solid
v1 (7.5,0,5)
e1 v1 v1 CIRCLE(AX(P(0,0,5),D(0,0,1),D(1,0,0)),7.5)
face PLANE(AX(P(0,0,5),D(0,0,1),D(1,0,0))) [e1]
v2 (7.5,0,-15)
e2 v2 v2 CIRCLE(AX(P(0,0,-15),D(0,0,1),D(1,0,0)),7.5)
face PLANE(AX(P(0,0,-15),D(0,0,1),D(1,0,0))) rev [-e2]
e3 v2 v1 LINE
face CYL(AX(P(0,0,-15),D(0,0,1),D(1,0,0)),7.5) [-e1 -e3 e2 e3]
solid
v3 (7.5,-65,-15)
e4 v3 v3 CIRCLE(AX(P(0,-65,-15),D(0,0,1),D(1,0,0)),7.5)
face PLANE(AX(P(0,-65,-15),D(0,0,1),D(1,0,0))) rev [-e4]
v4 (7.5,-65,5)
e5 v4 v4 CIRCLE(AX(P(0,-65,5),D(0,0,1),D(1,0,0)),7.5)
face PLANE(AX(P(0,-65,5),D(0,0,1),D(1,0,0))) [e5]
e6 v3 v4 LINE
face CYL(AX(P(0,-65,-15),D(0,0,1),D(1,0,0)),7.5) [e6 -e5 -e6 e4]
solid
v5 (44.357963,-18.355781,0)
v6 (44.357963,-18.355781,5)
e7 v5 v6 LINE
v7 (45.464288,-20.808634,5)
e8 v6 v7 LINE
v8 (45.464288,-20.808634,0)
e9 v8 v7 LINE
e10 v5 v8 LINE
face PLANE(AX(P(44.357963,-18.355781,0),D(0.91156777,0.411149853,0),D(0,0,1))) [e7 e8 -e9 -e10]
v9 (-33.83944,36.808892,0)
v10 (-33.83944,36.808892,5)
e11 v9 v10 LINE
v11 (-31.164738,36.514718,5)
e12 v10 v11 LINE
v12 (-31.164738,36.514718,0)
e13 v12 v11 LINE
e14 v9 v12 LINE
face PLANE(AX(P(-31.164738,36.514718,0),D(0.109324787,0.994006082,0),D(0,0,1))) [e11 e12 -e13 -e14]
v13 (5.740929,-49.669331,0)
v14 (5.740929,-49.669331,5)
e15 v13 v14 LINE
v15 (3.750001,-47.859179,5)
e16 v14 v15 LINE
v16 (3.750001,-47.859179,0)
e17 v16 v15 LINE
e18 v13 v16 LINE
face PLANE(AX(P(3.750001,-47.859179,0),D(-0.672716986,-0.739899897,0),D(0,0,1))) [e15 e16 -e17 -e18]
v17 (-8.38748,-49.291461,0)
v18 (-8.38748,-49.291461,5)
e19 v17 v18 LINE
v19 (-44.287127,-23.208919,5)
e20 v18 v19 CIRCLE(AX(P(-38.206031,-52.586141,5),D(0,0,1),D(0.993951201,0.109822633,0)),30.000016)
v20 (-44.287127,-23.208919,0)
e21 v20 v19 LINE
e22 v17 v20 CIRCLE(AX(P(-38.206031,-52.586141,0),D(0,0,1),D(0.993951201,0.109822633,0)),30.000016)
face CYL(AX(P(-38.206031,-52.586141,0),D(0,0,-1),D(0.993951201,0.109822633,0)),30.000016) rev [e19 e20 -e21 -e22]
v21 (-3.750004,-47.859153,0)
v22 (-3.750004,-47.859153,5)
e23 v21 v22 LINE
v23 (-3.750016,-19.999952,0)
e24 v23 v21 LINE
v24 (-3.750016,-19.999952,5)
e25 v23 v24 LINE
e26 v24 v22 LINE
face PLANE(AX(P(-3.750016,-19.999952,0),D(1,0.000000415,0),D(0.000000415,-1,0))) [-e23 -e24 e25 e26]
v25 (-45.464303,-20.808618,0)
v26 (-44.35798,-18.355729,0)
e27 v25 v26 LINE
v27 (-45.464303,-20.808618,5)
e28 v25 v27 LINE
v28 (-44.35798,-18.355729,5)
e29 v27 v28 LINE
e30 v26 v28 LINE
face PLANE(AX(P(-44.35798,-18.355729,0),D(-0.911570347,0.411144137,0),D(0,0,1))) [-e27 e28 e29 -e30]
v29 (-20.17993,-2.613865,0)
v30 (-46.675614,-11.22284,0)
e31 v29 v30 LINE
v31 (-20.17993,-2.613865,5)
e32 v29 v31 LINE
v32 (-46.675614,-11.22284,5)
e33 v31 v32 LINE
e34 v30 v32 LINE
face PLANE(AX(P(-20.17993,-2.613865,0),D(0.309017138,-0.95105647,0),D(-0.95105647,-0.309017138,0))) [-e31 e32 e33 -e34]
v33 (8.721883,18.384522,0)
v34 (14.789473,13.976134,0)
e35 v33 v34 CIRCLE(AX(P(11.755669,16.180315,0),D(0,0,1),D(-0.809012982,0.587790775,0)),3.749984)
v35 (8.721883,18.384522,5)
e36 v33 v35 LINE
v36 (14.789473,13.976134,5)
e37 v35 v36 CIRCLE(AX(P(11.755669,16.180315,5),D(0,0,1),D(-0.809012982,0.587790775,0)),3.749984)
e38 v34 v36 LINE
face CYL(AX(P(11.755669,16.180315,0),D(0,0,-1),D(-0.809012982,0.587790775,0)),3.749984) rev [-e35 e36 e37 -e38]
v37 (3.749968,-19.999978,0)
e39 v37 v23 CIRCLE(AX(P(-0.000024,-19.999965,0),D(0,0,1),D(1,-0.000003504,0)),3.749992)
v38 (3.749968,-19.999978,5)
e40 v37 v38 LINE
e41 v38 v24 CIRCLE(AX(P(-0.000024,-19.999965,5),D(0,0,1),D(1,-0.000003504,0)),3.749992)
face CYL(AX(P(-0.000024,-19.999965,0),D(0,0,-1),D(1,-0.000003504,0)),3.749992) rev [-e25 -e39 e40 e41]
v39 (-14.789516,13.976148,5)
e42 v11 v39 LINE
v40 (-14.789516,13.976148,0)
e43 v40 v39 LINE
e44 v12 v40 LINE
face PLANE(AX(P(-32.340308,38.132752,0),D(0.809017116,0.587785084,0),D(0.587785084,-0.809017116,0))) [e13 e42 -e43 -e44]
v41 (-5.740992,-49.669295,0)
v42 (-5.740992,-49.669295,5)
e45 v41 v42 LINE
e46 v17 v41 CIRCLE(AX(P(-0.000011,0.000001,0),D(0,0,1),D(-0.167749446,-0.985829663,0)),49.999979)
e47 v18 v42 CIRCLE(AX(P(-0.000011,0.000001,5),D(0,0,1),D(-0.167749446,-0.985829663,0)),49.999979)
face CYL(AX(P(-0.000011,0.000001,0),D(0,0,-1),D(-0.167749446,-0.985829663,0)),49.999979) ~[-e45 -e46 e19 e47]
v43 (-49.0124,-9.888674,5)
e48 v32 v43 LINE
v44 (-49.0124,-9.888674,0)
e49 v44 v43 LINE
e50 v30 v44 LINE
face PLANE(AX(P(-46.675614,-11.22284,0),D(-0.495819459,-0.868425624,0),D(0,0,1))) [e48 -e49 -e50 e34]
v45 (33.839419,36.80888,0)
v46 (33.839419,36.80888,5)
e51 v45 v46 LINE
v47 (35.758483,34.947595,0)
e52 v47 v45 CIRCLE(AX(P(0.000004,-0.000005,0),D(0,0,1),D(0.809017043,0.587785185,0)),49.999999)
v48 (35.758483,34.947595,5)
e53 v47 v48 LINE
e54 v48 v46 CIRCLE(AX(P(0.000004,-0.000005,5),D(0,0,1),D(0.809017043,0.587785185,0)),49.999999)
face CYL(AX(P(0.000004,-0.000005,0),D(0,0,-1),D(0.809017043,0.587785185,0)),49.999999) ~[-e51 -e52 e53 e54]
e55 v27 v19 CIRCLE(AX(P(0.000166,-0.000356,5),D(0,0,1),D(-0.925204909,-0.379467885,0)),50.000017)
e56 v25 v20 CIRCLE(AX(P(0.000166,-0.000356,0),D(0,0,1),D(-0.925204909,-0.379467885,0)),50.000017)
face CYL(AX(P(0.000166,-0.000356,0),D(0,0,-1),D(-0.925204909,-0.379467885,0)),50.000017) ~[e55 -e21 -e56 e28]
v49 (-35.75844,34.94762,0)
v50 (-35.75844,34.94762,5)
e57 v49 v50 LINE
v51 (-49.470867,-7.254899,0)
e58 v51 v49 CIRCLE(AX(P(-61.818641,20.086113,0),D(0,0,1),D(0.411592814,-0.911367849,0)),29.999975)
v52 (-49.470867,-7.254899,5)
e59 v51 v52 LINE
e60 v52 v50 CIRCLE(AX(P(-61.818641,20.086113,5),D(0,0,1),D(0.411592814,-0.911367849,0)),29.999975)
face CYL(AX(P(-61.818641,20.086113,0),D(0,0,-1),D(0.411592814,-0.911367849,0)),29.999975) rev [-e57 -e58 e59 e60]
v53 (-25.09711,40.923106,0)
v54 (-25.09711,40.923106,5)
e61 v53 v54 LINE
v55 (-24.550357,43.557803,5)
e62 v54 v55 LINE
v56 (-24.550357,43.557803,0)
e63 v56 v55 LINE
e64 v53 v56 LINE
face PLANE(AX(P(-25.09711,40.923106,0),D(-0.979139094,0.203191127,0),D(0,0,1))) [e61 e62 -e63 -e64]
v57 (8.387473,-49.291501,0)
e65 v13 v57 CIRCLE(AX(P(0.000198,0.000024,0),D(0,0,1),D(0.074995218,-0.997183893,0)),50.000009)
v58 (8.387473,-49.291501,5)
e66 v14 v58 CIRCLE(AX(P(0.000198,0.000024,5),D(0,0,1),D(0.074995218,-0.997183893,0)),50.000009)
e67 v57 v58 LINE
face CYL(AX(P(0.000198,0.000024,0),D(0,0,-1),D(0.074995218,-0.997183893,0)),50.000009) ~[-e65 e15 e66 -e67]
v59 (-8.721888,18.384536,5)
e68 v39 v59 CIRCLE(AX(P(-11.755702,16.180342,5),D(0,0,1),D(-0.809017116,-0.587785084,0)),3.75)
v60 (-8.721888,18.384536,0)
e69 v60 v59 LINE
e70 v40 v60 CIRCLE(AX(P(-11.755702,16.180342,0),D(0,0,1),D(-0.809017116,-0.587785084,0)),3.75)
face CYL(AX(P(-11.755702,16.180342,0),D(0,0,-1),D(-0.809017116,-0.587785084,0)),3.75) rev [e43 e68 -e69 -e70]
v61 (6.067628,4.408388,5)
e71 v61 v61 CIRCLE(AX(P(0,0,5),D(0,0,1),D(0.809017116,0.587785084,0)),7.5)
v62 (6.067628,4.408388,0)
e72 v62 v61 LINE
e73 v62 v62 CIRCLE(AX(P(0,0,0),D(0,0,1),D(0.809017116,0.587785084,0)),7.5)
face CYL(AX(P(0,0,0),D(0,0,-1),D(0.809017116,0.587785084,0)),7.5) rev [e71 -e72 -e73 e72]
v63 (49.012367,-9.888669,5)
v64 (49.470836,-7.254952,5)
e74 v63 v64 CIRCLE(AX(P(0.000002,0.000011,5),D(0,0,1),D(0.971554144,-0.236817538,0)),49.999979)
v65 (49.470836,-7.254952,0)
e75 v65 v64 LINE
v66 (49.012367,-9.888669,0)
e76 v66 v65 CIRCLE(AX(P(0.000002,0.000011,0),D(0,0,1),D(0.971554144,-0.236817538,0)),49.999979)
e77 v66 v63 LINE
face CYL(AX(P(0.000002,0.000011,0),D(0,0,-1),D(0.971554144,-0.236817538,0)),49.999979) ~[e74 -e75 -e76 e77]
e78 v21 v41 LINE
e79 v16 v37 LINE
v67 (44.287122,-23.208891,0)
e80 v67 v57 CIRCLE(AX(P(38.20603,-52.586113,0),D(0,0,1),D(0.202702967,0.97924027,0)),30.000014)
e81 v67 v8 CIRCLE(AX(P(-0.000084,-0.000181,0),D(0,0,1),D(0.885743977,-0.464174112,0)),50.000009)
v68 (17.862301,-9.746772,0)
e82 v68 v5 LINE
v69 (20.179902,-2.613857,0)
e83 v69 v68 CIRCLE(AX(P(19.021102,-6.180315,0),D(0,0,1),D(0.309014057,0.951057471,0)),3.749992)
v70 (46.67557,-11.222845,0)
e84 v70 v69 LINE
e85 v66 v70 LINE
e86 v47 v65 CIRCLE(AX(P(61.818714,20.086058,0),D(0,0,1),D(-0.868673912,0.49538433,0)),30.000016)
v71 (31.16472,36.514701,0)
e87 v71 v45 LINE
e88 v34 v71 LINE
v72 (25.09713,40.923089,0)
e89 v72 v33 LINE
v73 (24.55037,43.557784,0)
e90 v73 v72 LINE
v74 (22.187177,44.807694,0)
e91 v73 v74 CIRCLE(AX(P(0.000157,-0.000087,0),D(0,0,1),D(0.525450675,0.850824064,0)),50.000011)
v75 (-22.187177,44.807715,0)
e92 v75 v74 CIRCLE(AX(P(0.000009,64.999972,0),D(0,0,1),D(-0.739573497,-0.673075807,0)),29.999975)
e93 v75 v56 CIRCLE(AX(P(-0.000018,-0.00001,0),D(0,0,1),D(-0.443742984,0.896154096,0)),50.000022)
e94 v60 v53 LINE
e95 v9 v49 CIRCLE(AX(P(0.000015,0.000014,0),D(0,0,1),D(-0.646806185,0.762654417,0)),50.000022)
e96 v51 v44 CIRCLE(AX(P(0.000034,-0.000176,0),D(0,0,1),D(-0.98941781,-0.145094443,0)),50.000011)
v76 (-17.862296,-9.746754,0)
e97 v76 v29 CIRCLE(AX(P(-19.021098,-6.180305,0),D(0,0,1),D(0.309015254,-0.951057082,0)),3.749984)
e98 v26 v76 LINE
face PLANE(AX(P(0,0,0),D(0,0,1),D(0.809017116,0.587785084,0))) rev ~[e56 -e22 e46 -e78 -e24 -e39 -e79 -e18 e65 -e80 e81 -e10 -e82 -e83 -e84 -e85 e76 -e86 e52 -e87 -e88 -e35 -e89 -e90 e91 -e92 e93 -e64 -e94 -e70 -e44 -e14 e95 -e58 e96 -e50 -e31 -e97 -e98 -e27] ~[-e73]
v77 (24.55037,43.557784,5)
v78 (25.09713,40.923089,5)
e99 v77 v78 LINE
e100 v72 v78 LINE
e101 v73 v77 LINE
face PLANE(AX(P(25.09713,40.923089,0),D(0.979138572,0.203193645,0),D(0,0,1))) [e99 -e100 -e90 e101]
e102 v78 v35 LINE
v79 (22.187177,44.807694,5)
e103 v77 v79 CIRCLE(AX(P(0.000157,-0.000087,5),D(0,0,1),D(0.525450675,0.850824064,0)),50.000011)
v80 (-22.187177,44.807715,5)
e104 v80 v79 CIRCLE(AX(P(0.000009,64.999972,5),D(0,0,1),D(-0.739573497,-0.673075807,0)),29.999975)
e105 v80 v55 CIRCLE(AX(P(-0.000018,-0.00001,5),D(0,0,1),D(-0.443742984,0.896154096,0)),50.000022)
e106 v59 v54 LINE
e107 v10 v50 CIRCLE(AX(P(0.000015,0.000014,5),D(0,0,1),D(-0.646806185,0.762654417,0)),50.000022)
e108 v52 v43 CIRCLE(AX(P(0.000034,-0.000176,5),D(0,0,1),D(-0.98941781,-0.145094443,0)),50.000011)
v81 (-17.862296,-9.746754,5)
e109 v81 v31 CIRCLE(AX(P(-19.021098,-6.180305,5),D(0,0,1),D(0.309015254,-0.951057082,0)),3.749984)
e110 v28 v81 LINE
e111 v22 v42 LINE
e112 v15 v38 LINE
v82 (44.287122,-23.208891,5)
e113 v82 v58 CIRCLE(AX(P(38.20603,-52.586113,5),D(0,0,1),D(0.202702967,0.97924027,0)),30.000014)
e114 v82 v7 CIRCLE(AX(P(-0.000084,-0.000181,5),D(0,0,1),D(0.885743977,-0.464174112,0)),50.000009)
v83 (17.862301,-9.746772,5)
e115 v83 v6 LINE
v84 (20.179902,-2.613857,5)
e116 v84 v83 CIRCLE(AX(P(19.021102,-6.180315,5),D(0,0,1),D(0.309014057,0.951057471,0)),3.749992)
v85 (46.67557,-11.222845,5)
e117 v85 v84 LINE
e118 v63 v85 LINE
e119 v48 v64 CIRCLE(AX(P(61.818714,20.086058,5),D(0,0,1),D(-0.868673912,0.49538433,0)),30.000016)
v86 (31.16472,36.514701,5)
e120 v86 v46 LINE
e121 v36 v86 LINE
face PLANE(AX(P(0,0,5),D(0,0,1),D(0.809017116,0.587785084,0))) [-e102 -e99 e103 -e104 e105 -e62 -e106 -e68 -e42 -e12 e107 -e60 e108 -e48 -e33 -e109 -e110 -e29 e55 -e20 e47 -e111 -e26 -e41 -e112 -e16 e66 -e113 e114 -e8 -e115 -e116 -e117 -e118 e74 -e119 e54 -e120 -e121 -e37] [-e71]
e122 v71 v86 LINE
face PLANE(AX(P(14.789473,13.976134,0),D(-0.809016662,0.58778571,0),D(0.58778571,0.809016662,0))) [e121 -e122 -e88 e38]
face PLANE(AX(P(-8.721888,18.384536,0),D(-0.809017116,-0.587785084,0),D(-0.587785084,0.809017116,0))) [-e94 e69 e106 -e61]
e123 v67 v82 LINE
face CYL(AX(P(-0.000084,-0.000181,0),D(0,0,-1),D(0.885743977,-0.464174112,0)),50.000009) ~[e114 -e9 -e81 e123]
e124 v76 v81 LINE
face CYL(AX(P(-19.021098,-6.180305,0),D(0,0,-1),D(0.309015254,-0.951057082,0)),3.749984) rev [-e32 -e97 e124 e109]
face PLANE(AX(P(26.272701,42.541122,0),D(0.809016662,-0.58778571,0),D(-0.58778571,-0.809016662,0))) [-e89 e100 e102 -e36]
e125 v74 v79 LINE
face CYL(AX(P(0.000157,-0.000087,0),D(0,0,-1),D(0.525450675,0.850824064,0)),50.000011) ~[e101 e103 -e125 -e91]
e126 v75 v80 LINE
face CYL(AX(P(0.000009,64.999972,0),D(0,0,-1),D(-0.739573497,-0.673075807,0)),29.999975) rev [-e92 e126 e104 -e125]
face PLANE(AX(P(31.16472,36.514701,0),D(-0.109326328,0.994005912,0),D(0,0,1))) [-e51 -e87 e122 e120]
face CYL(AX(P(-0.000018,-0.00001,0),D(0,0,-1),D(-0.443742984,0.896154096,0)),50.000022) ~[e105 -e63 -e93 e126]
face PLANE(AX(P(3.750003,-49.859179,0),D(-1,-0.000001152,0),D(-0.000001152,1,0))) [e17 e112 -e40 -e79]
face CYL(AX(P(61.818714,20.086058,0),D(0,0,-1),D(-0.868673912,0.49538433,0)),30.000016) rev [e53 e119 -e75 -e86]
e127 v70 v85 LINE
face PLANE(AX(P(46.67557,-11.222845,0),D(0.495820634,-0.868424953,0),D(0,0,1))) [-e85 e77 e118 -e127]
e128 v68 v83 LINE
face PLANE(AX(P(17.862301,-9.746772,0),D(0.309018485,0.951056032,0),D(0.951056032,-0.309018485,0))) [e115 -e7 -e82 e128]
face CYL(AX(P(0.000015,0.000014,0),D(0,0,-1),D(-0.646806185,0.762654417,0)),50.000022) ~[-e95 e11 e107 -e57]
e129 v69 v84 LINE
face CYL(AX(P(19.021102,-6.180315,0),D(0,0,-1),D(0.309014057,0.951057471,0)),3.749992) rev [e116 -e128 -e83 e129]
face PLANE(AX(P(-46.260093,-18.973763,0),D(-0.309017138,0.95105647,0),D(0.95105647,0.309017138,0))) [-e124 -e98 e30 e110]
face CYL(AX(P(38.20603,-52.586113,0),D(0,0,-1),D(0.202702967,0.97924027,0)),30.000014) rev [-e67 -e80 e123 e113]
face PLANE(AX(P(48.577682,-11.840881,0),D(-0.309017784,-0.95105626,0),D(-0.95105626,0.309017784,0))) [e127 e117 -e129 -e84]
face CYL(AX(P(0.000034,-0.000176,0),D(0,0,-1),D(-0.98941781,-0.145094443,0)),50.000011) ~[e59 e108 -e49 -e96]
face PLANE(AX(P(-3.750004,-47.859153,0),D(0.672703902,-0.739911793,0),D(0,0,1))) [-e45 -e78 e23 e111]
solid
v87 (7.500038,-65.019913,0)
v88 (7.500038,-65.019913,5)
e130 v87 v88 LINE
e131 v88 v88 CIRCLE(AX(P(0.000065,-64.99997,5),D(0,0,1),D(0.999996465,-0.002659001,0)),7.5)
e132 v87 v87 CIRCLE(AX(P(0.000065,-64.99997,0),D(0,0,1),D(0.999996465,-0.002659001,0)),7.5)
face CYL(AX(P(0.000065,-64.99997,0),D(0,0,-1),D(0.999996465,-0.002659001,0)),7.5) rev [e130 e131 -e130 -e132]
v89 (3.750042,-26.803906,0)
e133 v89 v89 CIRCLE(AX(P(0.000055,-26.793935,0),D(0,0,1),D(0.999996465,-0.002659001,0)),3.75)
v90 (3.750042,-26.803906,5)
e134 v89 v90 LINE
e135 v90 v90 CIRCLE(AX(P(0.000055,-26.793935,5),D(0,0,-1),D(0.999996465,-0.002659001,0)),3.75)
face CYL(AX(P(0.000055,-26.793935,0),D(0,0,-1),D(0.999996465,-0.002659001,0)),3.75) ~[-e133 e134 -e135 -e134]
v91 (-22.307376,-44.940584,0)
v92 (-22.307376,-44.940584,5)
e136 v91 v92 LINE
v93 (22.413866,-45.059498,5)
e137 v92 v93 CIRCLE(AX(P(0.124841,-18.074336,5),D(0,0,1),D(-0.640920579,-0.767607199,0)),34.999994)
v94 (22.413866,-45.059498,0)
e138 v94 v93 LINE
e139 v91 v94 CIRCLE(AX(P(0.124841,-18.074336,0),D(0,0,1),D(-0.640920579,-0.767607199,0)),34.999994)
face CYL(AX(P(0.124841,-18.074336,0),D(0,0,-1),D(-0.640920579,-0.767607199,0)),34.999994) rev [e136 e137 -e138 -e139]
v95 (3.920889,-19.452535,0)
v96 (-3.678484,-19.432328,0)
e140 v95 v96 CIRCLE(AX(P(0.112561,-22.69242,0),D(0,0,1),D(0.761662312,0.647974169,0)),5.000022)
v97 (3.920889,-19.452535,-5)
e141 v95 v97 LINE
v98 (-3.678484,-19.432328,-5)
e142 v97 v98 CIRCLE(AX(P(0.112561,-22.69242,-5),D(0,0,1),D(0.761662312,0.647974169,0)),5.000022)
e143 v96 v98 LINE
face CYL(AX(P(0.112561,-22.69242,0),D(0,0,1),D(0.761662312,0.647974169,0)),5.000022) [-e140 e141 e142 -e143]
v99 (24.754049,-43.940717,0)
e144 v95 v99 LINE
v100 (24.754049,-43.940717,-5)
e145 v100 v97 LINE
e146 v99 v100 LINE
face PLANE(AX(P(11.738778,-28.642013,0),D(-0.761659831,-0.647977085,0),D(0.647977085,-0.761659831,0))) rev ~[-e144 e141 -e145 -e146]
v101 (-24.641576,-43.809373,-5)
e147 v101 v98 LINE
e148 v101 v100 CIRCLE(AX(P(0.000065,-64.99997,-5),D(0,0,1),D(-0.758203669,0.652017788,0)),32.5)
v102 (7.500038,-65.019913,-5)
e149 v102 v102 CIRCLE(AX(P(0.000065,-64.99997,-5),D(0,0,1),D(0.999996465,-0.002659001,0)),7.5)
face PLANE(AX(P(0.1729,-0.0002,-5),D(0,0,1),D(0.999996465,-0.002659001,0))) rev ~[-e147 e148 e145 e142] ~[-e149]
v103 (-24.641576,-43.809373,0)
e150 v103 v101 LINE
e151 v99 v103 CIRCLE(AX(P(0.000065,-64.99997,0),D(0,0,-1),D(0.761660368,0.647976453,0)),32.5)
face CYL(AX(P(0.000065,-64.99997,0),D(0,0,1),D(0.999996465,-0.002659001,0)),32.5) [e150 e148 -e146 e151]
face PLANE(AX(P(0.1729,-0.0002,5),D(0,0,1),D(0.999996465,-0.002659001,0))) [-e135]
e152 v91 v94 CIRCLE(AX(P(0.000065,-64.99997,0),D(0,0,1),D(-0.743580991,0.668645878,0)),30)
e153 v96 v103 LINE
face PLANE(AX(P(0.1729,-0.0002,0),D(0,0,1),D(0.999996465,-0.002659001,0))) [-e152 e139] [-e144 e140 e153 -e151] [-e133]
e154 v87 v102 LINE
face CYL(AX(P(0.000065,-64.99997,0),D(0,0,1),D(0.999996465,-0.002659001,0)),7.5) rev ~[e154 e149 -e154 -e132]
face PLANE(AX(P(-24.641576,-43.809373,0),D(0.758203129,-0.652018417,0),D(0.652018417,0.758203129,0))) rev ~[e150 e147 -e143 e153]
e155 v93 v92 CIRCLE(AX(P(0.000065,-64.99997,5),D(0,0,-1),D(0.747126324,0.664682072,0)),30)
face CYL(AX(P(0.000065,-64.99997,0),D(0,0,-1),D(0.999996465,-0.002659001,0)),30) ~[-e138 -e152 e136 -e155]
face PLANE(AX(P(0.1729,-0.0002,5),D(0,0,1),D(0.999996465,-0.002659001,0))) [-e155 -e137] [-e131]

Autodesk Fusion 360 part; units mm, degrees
sketch "Sketch1" plane through (0, 0, 0) normal (0, 0, 1) x (1, 0, 0) in component "follower"
  line L0 (0, 0) -> (29.3893, -40.4508) construction
  line L1 (0, 0) -> (50, 0) construction
  line L2 (0, 0) -> (-29.3893, -40.4508) construction
  line L3 (0, 0) -> (50, 0) construction
  circle A0 centre (0, -65) radius 38.206 construction
  line L4 (8.7219, -18.3845) -> (26.3554, -42.655)
  line L5 (32.4231, -38.2467) -> (14.7895, -13.9761)
  arc A1 (14.7895, -13.9761) -> (8.7219, -18.3845) centre (11.7557, -16.1803) ccw
  line L6 (11.7557, -16.1803) -> (29.3893, -40.4508) construction
  line L7 (46.394, 19.0173) -> (17.8623, 9.7468)
  arc A2 (17.8623, 9.7468) -> (20.1799, 2.6139) centre (19.0211, 6.1803) ccw
  line L8 (20.1799, 2.6139) -> (48.7116, 11.8844)
  line L9 (-3.75, 50) -> (-3.75, 20)
  arc A3 (-3.75, 20) -> (3.75, 20) centre (0, 20) ccw
  line L10 (3.75, 20) -> (3.75, 50)
  line L11 (-48.7116, 11.8844) -> (-20.1799, 2.6139)
  arc A4 (-20.1799, 2.6139) -> (-17.8623, 9.7468) centre (-19.0211, 6.1803) ccw
  line L12 (-17.8623, 9.7468) -> (-46.394, 19.0173)
  line L13 (-26.3554, -42.655) -> (-8.7219, -18.3845)
  arc A5 (-8.7219, -18.3845) -> (-14.7895, -13.9761) centre (-11.7557, -16.1803) ccw
  line L14 (-14.7895, -13.9761) -> (-32.4231, -38.2467)
  circle A6 centre (0, 0) radius 7.5
  arc A7 (-29.3893, -40.4508) -> (-29.3183, -40.5023) centre (0, 0) ccw
  arc A8 (-26.2727, -42.5411) -> (-22.1872, -44.8077) centre (0, 0) ccw
  arc A9 (22.1872, -44.8077) -> (26.2727, -42.5411) centre (0, 0) ccw
  arc A10 (22.1872, -44.8077) -> (-22.1872, -44.8077) centre (0, -65) ccw
  arc A11 (49.4709, 7.2549) -> (35.7584, -34.9476) centre (61.8187, -20.0861) ccw
  arc A12 (8.3875, 49.2915) -> (44.2871, 23.2089) centre (38.206, 52.5861) ccw
  arc A13 (-44.2871, 23.2089) -> (-8.3875, 49.2915) centre (-38.206, 52.5861) ccw
  arc A14 (-35.7584, -34.9476) -> (-49.4709, 7.2549) centre (-61.8187, -20.0861) ccw
  arc A15 (-48.5777, 11.8409) -> (-49.4709, 7.2549) centre (0, 0) ccw
  arc A16 (-35.7584, -34.9476) -> (-32.3403, -38.1327) centre (0, 0) ccw
  arc A17 (-3.75, 49.8592) -> (-8.3875, 49.2915) centre (0, 0) ccw
  arc A18 (-44.2871, 23.2089) -> (-46.2601, 18.9738) centre (0, 0) ccw
  arc A19 (46.2601, 18.9738) -> (44.2871, 23.2089) centre (0, 0) ccw
  arc A20 (8.3875, 49.2915) -> (3.75, 49.8592) centre (0, 0) ccw
  arc A21 (32.3403, -38.1327) -> (35.7584, -34.9476) centre (0, 0) ccw
  arc A22 (50, 0) -> (48.5777, 11.8409) centre (0, 0) ccw
  dimension "d13" = 360
extrude "Extrude1" add sketch "Sketch1" along normal blind 5 makes body 1 in component "follower"
chamfer "Chamfer1" distance 2 angle 45 10 edges at (3.75, 49.8592, 2.5) (-3.75, 49.8592, 2.5) (46.2601, 18.9738, 2.5) (48.5777, 11.8409, 2.5) (26.2727, -42.5411, 2.5) (32.3403, -38.1327, 2.5) (-26.2727, -42.5411, 2.5) (-32.3403, -38.1327, 2.5) (-48.5777, 11.8409, 2.5) (-46.2601, 18.9738, 2.5) on bodies 1 in component "follower"
sketch "Sketch1 (2)" plane through (0, 0, 0) normal (0, 0, 1) x (1, 0, 0) in component "cam"
sketch "Sketch2" plane through (0, 0, 0) normal (0, 0, 1) x (1, 0, 0) in component "cam"
  circle A0 centre (0, -65) radius 38.206
  circle A1 centre (0, -65) radius 30
  circle A2 centre (0, -65) radius 32.5
  circle A3 centre (0, -65) radius 7.5
  circle A4 centre (-0.1016, -26.7941) radius 3.75
  line L0 (-24.6979, -43.875) -> (-3.7997, -19.4423)
  line L1 (3.7997, -19.4423) -> (24.6979, -43.875)
  arc A5 (3.7997, -19.4423) -> (-3.7997, -19.4423) centre (0, -22.6923) ccw
  arc A6 (-22.3607, -45) -> (22.3607, -45) centre (0, -18.0742) ccw
  point P0 (0, -15)
  dimension "d17" = 60
  dimension "d18" = 65
  dimension "d19" = 15
  dimension "d20" = 7.5
  dimension "d21" = 15
  dimension "d22" = 5
  dimension "d23" = 20
  dimension "d24" = 35
extrude "Extrude1'" add sketch "Sketch2" against normal blind 5 separate body contours A0 A2 A4 L0 L1 | A0 A4 L0 L1 A5 | A0 A4 | A0 A4 | A2 | A1 A6 | A1 A6 makes body 2 in component "cam"
extrude "Extrude2" add sketch "Sketch2" along normal blind 5 contours A0 A4 | A0 A4 | A1 A6 picked at (-16.7037, -56.5009) bodies 2 in component "cam"
cylinder "CylinderPrimitive1" add diameter 15 height -20 placed x (1, 0, 0) y (0, 1, 0) z (0, 0, 1) at (0, 0, 5) separate body makes body 3 in component "Component"
component "cam" placed x (0.999996, -0.002659, 0) y (0.002659, 0.999996, 0) z (0, 0, 1) at (0.1729, -0.0002, 0)
component "follower" placed x (0.809017, 0.587785, 0) y (-0.587785, 0.809017, 0) z (0, 0, 1) at (0, 0, 0)
component "Component" placed x (1, 0, 0) y (0, 1, 0) z (0, 0, 1) at (0, 0, 0)
component "Component" placed x (1, 0, 0) y (0, 1, 0) z (0, 0, 1) at (0, -65, 0)
